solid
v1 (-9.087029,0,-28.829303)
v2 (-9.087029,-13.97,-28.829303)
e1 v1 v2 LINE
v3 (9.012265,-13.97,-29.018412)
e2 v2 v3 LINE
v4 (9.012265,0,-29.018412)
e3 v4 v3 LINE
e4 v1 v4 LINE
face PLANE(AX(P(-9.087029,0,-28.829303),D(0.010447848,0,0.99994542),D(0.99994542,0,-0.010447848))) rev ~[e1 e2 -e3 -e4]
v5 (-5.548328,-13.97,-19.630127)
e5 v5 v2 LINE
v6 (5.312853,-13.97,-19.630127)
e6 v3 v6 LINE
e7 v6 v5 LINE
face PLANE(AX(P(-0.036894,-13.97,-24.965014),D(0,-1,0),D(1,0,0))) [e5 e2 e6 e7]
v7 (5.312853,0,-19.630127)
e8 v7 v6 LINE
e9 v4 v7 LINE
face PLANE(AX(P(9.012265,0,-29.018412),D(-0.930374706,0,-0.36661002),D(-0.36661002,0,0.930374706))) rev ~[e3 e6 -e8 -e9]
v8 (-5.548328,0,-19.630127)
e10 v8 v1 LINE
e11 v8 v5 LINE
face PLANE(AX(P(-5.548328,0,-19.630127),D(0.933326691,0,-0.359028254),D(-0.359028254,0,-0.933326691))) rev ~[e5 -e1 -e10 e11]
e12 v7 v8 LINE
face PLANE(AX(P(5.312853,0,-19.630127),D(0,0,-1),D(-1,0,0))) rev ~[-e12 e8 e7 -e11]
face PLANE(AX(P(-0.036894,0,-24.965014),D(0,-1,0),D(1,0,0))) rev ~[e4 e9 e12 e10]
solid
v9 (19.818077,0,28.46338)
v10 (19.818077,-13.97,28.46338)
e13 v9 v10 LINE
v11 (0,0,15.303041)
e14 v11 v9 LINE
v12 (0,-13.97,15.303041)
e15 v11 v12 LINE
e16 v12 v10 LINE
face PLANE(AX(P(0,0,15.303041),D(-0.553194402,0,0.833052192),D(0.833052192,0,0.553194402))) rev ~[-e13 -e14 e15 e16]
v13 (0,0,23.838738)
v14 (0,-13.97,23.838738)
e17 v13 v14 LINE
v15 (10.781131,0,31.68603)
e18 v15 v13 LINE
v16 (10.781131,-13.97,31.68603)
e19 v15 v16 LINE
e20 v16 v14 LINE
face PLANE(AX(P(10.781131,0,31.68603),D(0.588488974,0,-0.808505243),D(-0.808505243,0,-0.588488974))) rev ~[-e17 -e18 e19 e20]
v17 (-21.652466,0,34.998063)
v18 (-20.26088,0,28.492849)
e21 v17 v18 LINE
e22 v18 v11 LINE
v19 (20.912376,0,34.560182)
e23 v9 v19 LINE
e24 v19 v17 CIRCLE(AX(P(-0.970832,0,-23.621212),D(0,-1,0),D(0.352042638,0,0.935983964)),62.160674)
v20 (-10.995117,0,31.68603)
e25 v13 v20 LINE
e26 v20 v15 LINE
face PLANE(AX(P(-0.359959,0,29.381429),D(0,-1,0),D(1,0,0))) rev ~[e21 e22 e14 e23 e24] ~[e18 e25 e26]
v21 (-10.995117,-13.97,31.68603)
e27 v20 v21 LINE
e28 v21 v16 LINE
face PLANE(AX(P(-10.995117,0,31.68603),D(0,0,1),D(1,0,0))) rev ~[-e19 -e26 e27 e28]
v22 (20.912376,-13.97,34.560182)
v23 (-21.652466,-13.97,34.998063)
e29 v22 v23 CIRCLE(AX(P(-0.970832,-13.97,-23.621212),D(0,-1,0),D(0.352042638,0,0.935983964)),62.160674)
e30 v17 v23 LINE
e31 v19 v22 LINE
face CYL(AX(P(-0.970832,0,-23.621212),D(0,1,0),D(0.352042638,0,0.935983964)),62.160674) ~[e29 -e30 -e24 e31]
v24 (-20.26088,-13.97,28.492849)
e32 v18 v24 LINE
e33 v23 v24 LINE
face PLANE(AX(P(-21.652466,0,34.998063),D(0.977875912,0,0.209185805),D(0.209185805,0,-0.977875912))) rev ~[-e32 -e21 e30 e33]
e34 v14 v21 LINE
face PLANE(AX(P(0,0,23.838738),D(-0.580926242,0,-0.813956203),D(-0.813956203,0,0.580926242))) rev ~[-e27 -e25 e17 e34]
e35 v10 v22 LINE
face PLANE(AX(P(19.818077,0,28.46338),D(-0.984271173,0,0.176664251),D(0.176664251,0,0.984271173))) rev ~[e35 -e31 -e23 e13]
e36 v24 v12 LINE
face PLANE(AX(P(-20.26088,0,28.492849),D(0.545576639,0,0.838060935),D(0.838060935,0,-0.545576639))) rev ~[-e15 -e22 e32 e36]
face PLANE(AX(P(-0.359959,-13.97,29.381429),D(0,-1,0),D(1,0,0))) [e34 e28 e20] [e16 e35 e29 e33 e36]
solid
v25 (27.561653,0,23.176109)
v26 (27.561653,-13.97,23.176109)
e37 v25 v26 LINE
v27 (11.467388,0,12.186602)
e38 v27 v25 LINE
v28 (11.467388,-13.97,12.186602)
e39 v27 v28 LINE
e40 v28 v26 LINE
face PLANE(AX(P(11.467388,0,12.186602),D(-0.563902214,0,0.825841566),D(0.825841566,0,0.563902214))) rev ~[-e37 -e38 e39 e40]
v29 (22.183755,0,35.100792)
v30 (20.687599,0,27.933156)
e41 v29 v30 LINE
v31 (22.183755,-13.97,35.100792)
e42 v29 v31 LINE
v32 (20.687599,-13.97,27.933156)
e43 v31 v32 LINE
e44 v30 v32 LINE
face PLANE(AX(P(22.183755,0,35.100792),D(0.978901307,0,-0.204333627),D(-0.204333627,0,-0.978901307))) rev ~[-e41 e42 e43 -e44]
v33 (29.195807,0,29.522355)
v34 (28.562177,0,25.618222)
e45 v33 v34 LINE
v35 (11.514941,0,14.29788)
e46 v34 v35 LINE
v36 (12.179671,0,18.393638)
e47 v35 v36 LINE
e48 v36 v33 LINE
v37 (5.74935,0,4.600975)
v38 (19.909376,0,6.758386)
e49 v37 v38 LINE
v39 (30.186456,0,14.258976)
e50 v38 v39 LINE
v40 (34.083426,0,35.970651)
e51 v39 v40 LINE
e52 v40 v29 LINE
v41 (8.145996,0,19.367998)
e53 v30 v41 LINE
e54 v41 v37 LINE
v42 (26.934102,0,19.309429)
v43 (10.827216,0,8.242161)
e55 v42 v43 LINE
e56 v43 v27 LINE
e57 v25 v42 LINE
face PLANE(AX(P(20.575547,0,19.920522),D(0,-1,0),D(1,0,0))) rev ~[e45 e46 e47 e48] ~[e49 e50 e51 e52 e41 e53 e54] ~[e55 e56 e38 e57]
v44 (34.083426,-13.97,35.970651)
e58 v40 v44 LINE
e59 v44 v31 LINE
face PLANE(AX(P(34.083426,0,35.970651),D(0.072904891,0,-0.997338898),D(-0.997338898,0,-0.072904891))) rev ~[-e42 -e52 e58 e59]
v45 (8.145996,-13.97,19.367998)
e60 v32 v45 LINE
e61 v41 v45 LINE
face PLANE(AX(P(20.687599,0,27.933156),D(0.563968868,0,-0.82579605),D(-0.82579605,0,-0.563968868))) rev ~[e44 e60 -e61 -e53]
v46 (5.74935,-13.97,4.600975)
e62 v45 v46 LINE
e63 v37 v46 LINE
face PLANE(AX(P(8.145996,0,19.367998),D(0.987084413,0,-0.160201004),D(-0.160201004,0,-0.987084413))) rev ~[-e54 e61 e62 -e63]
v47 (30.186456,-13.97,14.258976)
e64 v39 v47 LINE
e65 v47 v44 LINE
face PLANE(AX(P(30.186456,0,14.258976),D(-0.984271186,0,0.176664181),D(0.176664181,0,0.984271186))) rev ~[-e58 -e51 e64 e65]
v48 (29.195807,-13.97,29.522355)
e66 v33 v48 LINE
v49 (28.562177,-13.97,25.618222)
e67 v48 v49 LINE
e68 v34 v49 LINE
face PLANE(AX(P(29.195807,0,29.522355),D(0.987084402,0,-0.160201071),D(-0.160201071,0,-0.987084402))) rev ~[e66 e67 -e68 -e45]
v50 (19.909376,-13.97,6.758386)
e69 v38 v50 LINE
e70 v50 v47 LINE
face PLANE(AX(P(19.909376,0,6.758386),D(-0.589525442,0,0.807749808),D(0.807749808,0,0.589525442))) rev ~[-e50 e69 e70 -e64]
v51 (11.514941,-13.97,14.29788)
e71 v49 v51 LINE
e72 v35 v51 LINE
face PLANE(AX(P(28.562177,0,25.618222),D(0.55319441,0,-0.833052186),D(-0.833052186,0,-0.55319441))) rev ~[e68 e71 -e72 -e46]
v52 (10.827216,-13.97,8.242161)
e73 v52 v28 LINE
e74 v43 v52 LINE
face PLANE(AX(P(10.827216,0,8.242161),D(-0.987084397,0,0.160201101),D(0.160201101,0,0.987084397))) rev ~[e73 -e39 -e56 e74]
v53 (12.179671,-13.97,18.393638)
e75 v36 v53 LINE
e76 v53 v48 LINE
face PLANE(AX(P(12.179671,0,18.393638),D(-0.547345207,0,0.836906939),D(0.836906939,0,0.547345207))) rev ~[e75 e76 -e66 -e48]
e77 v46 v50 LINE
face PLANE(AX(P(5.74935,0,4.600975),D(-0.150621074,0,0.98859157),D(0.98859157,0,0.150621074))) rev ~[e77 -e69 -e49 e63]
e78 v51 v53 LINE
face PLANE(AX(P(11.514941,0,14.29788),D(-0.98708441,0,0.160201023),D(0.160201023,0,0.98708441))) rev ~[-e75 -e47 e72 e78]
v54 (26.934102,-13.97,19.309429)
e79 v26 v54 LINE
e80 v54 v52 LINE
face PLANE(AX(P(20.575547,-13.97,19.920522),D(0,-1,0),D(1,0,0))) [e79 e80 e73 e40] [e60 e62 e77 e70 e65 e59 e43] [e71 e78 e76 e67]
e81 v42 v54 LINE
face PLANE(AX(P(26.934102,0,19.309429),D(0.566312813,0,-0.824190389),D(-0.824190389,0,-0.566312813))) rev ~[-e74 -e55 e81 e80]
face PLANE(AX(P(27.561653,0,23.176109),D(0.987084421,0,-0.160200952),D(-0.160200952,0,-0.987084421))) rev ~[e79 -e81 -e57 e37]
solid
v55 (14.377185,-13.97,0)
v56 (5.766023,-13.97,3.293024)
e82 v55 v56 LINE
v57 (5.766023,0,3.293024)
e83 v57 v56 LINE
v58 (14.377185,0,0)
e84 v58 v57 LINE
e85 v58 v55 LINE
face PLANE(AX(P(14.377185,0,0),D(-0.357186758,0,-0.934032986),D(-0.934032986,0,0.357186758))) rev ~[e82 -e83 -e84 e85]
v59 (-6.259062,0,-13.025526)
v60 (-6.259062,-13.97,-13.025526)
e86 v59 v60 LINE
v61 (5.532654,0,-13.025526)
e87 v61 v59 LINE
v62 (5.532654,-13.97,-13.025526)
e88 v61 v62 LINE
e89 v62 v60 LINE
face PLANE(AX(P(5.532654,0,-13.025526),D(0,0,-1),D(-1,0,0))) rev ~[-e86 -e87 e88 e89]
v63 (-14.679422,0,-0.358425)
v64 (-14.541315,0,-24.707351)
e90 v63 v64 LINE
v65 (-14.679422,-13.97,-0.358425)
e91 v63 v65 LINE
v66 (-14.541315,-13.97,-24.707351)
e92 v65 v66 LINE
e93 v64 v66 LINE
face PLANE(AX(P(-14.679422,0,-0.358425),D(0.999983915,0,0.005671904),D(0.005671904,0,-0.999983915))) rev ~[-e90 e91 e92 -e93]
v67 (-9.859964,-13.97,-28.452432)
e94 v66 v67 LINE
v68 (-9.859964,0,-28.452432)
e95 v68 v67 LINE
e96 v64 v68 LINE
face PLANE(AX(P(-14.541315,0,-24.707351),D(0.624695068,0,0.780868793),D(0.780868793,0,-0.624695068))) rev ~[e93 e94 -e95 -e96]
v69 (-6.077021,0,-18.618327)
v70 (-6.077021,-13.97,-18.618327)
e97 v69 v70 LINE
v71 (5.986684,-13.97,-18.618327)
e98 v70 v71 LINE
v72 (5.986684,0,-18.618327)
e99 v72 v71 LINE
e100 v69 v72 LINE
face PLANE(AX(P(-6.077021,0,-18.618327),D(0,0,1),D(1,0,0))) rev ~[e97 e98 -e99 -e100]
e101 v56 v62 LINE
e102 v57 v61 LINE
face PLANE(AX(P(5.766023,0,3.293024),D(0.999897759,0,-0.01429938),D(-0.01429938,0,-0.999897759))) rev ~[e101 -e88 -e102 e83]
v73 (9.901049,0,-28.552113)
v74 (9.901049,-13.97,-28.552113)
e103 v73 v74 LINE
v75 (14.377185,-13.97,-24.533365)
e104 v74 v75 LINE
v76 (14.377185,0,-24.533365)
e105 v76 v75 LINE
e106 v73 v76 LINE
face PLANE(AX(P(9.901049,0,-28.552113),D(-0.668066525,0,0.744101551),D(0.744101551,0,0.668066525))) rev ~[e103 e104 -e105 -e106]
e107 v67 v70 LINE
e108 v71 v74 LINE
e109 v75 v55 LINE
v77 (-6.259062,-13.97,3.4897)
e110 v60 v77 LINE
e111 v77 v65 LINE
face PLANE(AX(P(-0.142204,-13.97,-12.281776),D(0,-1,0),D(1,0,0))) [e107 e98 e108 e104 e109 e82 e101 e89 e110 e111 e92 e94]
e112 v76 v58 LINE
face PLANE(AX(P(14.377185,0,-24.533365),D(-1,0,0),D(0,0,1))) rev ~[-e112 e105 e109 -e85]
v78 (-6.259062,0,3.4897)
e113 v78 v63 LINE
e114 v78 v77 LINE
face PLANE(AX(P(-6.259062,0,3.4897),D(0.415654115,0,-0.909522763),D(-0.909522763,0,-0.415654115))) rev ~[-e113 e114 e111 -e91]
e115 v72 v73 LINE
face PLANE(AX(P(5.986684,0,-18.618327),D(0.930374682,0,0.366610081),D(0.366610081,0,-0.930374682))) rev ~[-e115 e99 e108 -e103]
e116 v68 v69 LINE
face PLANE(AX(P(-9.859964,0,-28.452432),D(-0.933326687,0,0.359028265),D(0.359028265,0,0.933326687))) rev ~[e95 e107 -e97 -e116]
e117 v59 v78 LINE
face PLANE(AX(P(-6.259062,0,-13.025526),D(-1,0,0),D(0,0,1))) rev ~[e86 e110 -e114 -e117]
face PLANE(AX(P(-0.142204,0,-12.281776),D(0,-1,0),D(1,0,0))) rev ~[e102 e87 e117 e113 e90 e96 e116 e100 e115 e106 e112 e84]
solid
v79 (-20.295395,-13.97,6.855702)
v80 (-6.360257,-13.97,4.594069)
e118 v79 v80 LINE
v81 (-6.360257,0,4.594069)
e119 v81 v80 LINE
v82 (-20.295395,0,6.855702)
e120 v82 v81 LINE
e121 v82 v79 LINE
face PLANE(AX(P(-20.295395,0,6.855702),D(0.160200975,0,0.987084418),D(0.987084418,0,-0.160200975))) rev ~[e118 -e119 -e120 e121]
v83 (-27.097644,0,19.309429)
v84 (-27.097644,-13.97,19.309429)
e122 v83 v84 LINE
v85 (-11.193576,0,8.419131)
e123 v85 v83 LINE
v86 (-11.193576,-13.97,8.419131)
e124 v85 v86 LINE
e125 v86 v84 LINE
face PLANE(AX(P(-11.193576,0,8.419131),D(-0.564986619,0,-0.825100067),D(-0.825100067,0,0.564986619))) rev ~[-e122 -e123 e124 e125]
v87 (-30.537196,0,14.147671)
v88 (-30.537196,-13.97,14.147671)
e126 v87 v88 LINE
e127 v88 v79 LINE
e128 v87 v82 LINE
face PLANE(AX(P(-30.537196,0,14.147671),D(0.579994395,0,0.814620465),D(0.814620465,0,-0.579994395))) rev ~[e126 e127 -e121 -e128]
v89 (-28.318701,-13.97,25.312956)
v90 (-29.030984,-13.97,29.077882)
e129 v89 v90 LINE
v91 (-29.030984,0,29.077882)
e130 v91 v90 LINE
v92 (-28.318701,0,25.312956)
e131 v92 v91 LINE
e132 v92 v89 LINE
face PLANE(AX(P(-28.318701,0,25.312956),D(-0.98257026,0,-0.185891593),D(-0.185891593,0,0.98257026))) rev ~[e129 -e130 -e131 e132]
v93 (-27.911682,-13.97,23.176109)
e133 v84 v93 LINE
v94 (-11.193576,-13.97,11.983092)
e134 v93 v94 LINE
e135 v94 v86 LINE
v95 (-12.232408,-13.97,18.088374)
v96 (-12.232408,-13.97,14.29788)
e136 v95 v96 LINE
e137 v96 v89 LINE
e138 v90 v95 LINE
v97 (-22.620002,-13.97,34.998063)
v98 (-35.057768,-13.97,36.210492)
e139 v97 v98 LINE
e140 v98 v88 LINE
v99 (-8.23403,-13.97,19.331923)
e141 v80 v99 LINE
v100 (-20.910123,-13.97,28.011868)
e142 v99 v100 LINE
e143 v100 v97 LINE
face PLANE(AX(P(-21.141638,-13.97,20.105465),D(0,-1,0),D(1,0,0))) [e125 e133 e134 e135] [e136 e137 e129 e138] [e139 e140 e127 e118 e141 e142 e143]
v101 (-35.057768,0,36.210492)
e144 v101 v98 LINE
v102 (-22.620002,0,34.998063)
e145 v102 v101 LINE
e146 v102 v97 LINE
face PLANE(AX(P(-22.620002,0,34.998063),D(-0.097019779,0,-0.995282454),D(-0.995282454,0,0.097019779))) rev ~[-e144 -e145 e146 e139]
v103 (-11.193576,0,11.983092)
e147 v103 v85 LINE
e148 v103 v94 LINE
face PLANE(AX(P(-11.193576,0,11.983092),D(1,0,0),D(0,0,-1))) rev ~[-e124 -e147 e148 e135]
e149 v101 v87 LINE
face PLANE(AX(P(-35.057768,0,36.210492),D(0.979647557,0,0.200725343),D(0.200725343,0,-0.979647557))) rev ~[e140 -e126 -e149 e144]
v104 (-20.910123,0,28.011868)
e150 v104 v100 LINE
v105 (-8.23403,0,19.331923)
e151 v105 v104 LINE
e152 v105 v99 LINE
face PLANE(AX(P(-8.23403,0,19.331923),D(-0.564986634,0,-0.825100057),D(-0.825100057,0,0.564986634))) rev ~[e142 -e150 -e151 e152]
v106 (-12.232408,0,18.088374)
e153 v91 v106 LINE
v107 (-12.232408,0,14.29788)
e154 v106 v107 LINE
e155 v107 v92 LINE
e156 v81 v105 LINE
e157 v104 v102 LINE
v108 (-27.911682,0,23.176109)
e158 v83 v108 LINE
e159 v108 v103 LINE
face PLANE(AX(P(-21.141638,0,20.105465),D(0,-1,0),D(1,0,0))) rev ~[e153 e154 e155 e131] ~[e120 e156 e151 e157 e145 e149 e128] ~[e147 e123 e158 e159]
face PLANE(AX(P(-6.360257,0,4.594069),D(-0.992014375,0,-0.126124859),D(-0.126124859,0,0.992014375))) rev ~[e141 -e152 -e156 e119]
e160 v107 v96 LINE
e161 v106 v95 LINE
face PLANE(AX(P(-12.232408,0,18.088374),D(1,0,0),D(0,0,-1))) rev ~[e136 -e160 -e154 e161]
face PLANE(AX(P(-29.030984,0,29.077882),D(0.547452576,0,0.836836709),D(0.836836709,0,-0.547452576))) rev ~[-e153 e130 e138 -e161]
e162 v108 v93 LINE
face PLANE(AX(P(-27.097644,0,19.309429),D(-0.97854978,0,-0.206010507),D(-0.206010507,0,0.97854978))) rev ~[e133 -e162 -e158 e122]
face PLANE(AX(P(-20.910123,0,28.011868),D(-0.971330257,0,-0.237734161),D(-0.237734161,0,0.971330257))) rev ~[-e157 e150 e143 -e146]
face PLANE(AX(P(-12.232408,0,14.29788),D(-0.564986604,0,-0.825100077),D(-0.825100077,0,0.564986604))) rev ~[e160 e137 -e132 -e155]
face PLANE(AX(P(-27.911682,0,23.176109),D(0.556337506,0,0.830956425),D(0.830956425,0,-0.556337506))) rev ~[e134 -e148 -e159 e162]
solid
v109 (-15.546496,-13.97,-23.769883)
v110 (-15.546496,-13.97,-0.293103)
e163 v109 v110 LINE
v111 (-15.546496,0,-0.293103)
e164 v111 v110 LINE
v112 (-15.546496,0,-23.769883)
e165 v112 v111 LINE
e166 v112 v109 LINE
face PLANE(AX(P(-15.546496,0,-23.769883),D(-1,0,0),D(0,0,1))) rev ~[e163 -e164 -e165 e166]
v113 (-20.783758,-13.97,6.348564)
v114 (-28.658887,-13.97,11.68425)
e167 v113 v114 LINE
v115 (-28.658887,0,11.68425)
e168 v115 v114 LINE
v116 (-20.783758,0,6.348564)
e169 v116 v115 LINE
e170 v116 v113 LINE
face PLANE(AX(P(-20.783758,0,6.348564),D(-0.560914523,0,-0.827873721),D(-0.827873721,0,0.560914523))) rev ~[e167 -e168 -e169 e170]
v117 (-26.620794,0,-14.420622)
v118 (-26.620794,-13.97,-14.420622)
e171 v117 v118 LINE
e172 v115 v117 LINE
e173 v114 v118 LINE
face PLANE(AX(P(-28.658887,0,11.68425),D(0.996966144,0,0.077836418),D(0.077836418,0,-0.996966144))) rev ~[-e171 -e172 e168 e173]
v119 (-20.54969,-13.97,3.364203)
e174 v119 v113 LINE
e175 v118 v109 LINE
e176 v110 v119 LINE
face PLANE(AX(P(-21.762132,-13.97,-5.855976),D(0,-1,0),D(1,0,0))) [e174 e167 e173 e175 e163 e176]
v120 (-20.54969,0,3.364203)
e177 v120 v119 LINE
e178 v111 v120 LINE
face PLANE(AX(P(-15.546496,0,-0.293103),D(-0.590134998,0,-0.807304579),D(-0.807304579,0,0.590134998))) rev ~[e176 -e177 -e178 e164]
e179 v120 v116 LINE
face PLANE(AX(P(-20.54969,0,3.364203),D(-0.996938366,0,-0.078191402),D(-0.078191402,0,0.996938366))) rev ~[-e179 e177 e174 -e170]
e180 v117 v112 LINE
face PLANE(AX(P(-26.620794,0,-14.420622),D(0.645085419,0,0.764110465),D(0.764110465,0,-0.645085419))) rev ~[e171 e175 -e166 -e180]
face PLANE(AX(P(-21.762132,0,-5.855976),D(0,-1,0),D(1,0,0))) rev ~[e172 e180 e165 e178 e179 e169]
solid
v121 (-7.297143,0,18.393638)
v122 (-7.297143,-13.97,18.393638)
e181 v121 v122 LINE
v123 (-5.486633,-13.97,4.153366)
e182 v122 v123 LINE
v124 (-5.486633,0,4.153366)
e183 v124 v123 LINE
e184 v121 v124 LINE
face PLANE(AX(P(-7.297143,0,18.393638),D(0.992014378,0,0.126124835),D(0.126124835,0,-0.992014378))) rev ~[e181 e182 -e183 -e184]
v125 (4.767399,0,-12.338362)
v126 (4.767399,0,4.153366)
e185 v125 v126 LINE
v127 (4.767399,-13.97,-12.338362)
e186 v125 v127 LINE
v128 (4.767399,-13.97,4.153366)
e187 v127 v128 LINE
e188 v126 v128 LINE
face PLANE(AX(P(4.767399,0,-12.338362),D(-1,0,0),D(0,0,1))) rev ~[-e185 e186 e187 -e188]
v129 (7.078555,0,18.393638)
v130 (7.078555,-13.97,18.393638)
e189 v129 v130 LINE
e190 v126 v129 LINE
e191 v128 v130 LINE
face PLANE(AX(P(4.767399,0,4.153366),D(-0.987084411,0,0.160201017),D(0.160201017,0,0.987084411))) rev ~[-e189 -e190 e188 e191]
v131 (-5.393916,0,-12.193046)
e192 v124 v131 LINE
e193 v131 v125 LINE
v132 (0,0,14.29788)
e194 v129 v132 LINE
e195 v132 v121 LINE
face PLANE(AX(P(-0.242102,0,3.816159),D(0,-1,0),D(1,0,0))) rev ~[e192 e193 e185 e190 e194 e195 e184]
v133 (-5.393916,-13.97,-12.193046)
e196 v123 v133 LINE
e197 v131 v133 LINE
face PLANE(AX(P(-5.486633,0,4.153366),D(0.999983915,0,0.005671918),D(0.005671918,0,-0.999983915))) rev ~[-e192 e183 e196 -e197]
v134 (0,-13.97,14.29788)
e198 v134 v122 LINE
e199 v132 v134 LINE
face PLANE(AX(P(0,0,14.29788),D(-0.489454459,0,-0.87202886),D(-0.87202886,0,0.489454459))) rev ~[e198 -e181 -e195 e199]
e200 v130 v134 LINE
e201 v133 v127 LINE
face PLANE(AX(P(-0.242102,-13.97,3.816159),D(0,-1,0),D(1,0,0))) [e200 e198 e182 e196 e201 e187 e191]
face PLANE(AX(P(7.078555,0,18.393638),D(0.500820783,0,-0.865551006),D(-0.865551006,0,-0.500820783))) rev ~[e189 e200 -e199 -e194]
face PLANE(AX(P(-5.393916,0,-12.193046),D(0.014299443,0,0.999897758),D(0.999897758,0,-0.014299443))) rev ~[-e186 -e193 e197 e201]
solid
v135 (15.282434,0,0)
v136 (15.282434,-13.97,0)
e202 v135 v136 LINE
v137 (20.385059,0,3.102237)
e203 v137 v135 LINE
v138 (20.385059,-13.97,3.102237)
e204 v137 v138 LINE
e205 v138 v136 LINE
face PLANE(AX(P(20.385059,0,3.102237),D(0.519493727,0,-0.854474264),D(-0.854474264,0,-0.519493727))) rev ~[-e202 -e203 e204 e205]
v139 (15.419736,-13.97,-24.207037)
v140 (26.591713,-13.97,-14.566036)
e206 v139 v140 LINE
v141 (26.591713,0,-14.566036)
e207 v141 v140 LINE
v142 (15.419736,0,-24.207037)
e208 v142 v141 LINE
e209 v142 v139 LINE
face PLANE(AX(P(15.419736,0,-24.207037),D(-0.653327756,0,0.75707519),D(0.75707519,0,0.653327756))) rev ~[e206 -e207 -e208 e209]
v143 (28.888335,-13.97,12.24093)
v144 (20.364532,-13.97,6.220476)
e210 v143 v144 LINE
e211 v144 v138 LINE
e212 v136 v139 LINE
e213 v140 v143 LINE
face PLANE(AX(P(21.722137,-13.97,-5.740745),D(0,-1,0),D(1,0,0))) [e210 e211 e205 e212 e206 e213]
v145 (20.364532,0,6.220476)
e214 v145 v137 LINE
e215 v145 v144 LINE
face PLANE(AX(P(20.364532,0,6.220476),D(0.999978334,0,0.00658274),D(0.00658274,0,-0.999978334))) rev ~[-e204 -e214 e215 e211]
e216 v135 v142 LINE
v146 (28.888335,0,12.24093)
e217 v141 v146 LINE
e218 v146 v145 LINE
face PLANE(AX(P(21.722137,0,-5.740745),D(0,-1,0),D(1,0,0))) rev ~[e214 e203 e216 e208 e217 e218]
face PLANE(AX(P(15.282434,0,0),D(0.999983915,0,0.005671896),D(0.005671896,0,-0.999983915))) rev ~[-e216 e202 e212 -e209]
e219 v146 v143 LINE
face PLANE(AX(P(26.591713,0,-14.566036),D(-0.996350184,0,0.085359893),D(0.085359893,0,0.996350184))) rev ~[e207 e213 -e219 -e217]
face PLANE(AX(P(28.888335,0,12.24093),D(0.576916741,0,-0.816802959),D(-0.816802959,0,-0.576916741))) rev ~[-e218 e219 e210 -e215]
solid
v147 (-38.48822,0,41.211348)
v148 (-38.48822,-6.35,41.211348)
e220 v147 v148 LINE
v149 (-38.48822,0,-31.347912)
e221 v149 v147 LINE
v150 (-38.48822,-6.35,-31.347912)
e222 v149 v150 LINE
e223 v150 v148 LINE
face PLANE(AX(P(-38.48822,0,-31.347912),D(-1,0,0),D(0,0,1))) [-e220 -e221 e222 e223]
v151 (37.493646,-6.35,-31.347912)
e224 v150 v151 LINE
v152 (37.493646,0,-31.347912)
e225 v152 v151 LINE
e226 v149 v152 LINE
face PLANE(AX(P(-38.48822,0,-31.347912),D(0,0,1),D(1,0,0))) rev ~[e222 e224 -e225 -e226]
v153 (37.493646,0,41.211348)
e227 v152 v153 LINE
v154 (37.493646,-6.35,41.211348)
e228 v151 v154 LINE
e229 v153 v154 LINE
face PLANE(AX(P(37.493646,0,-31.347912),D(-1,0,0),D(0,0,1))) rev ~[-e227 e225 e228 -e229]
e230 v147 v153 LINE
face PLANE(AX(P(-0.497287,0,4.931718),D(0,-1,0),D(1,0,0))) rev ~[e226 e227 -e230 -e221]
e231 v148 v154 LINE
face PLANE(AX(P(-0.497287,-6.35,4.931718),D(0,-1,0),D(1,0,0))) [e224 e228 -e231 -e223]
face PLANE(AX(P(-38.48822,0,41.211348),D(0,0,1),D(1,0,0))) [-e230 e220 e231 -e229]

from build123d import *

# Parameters (mm, degrees)
F1_DEPTH = 13.97
F2_W     = 75.981866
F2_H     = 72.55926
F3_DEPTH = 6.35


with BuildPart() as f1:
    # F0 (on Front) → F1 (new body)
    with BuildSketch(Plane.XZ):
        Polygon((-20.910123, 28.011868), (-22.620002, 34.998063), (-35.057768, 36.210492), (-30.537196, 14.147671), (-20.295395, 6.855702), (-6.360257, 4.594069), (-8.23403, 19.331923), align=None)
        Polygon((-27.097644, 19.309429), (-27.911682, 23.176109), (-11.193576, 11.983092), (-11.193576, 8.419131), align=None, mode=Mode.SUBTRACT)
        Polygon((-28.318701, 25.312956), (-29.030984, 29.077882), (-12.232408, 18.088374), (-12.232408, 14.29788), align=None, mode=Mode.SUBTRACT)
        Polygon((-20.783758, 6.348564), (-28.658887, 11.68425), (-26.620794, -14.420622), (-15.546496, -23.769883), (-15.546496, -0.293103), (-20.54969, 3.364203), align=None)
        Polygon((-6.259062, 3.4897), (-14.679422, -0.358425), (-14.541315, -24.707351), (-9.859964, -28.452432), (-6.077021, -18.618327), (5.986684, -18.618327), (9.901049, -28.552113), (14.377185, -24.533365), (14.377185, 0), (5.766023, 3.293024), (5.532654, -13.025526), (-6.259062, -13.025526), align=None)
        Polygon((8.145996, 19.367998), (5.74935, 4.600975), (19.909376, 6.758386), (30.186456, 14.258976), (34.083426, 35.970651), (22.183755, 35.100792), (20.687599, 27.933156), align=None)
        Polygon((10.827216, 8.242161), (11.467388, 12.186602), (27.561653, 23.176109), (26.934102, 19.309429), align=None, mode=Mode.SUBTRACT)
        Polygon((11.514941, 14.29788), (12.179671, 18.393638), (29.195807, 29.522355), (28.562177, 25.618222), align=None, mode=Mode.SUBTRACT)
        Polygon((28.888335, 12.24093), (20.364532, 6.220476), (20.385059, 3.102237), (15.282434, 0), (15.419736, -24.207037), (26.591713, -14.566036), align=None)
        Polygon((-5.548328, -19.630127), (-9.087029, -28.829303), (9.012265, -29.018412), (5.312853, -19.630127), align=None)
        Polygon((0, 14.29788), (-7.297143, 18.393638), (-5.486633, 4.153366), (-5.393916, -12.193046), (4.767399, -12.338362), (4.767399, 4.153366), (7.078555, 18.393638), align=None)
        with BuildLine():
            ThreePointArc((20.912376, 34.560182), (-0.331395, 38.536173), (-21.652466, 34.998063))
            Line((-21.652466, 34.998063), (-20.26088, 28.492849))
            Line((-20.26088, 28.492849), (0, 15.303041))
            Line((0, 15.303041), (19.818077, 28.46338))
            Line((19.818077, 28.46338), (20.912376, 34.560182))
        make_face()
        Polygon((0, 23.838738), (-10.995117, 31.68603), (10.781131, 31.68603), align=None, mode=Mode.SUBTRACT)
    extrude(amount=F1_DEPTH)


with BuildPart() as f3:
    # F2 (on Front) → F3 (new body)
    with BuildSketch(Plane.XZ):
        with Locations((-0.497287, 4.931718)):
            Rectangle(F2_W, F2_H)
    extrude(amount=F3_DEPTH)


solid = Compound([f1.part, f3.part])
